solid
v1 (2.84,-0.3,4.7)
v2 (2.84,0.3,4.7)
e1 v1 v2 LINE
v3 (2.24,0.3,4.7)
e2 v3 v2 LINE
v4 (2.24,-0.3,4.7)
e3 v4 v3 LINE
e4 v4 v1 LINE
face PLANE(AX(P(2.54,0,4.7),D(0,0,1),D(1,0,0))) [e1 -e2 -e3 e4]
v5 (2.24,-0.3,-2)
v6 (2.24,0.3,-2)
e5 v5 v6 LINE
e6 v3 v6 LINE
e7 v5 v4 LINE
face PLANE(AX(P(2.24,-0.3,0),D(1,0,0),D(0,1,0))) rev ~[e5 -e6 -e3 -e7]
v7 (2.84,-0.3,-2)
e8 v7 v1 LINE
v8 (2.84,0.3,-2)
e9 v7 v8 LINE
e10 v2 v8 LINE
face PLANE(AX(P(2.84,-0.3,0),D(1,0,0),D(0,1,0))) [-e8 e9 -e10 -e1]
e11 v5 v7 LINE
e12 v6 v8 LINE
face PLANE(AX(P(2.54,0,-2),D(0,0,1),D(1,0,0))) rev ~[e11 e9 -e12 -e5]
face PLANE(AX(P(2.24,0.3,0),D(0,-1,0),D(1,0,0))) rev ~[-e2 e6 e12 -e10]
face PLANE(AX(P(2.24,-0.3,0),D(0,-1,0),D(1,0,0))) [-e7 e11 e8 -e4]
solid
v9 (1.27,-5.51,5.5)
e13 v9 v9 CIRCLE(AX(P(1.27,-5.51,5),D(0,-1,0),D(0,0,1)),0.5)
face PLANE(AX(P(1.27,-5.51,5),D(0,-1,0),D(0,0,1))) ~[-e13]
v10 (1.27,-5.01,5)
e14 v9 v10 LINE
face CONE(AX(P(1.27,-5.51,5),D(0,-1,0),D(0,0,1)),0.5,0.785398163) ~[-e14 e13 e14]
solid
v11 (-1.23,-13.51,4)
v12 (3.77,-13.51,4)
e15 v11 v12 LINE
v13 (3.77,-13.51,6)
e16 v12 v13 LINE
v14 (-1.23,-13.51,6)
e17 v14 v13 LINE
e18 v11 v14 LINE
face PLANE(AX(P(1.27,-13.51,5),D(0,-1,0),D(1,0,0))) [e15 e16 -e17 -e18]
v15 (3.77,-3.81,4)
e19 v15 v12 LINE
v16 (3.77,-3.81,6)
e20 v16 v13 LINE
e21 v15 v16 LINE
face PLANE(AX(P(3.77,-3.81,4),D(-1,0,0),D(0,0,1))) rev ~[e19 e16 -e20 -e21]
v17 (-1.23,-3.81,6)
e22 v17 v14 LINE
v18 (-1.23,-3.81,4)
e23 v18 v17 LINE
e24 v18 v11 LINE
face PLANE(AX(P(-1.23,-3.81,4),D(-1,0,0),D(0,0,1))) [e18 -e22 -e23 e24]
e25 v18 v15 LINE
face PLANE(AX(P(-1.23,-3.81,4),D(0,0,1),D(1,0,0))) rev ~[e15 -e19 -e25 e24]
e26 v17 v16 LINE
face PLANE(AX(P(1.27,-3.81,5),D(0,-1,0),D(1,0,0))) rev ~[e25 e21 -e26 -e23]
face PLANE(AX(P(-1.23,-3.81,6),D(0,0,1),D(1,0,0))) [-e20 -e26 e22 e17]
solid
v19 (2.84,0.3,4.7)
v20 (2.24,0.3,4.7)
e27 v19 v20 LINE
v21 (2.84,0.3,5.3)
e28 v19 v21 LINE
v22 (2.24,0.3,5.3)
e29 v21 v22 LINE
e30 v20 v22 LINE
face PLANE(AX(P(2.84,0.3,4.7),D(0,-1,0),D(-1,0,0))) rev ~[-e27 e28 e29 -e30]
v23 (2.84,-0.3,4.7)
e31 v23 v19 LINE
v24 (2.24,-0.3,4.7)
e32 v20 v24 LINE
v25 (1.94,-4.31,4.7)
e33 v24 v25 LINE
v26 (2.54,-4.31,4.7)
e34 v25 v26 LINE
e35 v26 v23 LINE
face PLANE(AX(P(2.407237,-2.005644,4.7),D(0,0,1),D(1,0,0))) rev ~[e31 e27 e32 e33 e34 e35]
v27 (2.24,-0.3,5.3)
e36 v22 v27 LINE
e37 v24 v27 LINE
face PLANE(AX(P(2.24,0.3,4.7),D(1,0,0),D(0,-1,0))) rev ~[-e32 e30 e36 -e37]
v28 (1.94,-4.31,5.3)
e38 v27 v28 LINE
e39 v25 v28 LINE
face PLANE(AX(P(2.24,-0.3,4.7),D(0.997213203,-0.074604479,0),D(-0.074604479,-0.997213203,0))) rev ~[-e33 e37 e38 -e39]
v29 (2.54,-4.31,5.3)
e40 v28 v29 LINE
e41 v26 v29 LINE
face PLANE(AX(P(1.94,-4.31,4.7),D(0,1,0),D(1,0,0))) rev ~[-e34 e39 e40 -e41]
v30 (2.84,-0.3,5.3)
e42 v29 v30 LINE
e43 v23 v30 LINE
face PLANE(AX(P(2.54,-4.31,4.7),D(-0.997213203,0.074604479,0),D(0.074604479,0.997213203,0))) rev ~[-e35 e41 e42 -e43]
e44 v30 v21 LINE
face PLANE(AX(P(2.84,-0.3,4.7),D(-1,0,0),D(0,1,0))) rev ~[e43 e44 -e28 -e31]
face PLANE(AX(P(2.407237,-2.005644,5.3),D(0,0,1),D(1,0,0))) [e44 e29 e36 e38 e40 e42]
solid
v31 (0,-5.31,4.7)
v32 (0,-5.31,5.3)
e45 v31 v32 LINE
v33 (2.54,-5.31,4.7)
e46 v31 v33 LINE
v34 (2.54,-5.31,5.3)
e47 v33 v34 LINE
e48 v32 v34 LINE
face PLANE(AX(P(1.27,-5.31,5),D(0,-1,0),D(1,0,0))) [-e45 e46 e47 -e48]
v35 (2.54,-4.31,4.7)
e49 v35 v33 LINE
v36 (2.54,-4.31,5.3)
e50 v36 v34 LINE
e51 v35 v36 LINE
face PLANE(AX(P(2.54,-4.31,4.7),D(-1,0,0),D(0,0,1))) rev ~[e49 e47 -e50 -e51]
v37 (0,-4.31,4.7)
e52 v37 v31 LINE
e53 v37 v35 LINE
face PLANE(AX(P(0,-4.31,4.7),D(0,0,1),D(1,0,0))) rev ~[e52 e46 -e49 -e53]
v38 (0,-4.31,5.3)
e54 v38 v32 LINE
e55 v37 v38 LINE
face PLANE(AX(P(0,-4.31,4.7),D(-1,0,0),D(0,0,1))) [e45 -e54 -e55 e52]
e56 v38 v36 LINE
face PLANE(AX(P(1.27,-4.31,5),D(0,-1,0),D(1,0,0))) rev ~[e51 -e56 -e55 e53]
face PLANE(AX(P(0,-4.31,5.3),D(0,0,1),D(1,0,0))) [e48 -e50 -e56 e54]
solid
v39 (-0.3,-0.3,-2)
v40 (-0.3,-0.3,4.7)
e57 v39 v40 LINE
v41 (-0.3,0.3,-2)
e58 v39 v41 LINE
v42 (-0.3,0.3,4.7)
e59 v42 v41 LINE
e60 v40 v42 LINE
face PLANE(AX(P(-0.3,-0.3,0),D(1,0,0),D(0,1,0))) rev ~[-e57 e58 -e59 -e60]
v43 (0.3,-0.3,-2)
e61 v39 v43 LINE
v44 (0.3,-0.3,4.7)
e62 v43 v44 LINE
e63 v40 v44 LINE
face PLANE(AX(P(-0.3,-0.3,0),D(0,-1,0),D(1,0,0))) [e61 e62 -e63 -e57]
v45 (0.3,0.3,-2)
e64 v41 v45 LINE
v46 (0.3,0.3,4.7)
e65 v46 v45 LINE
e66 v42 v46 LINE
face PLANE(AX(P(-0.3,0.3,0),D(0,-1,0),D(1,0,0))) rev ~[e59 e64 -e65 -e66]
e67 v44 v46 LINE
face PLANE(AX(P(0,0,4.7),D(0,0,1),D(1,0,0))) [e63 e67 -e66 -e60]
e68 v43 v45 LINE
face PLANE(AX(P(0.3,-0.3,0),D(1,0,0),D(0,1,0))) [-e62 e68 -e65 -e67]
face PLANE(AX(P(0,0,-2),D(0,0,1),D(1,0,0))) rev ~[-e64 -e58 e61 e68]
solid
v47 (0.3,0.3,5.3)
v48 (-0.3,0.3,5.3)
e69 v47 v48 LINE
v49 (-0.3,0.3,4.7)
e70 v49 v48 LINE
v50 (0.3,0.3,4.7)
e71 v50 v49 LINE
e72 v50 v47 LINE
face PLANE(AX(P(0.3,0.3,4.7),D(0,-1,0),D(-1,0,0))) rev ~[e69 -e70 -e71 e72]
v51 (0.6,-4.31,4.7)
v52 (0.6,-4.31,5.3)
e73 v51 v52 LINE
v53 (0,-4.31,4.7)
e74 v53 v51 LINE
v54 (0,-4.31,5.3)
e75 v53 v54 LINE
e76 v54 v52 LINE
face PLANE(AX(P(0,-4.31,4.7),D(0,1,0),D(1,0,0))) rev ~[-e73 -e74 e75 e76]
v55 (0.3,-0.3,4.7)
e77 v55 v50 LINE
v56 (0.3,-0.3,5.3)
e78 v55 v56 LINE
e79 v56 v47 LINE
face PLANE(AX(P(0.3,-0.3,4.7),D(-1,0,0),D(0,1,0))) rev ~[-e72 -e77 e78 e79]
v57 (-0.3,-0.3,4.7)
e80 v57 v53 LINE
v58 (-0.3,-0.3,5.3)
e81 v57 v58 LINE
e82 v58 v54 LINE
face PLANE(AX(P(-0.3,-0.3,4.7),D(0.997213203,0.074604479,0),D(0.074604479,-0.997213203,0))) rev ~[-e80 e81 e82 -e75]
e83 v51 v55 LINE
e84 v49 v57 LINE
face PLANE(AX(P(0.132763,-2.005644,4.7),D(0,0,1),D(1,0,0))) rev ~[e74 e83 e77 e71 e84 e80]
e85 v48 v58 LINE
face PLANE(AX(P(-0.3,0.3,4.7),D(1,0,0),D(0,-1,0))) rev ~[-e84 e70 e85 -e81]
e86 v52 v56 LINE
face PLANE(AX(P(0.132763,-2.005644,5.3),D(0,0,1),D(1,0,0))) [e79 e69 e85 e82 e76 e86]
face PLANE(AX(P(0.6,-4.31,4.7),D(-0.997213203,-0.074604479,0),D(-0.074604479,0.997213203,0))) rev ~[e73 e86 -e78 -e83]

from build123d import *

# Parameters (mm, degrees)
SKETCH_W       = 0.6
SKETCH_H       = 0.6
PAD_DEPTH      = 4.7
PAD_DEPTH_BACK = 2
PAD001_DEPTH   = 0.6
SKETCH002_W    = 2.54
SKETCH002_H    = 0.6
PAD002_DEPTH   = 1
SKETCH004_W    = 5
SKETCH004_H    = 2
PAD003_DEPTH   = 9.7


with BuildPart() as pad:
    # Sketch → Pad (new body, two sides)
    with BuildSketch(Plane.XY) as pad_sk:
        Rectangle(SKETCH_W, SKETCH_H)
        with Locations((2.54, 0)):
            Rectangle(SKETCH_W, SKETCH_H)
    extrude(amount=PAD_DEPTH)
    extrude(pad_sk.sketch, amount=-PAD_DEPTH_BACK)


with BuildPart() as pad001:
    # Sketch001 → Pad001 (new body)
    with BuildSketch(Plane.XY.offset(4.7)):
        Polygon((0.3, 0.3), (-0.3, 0.3), (-0.3, -0.3), (0, -4.31), (0.6, -4.31), (0.3, -0.3), align=None)
        Polygon((2.84, 0.3), (2.24, 0.3), (2.24, -0.3), (1.94, -4.31), (2.54, -4.31), (2.84, -0.3), align=None)
    extrude(amount=PAD001_DEPTH)


with BuildPart() as pad002:
    # Sketch002 → Pad002 (new body)
    with BuildSketch(Plane.XZ.offset(4.31)):
        with Locations((1.27, 5)):
            Rectangle(SKETCH002_W, SKETCH002_H)
    extrude(amount=PAD002_DEPTH)


with BuildPart() as pad003:
    # Sketch004 → Pad003 (new body)
    with BuildSketch(Plane.XZ.offset(3.81)):
        with Locations((1.27, 5)):
            Rectangle(SKETCH004_W, SKETCH004_H)
    extrude(amount=PAD003_DEPTH)


with BuildPart() as revolution001:
    # Sketch005 → Revolution001 (revolve)
    with BuildSketch(Plane.YZ.offset(1.27)):
        Polygon((-5.01, 5), (-5.51, 5), (-5.51, 5.5), align=None)
    revolve(axis=Axis((1.27, -3.977201, 5), (0, -1, 0)))


solid = Compound([pad.part, pad001.part, pad002.part, pad003.part, revolution001.part])
